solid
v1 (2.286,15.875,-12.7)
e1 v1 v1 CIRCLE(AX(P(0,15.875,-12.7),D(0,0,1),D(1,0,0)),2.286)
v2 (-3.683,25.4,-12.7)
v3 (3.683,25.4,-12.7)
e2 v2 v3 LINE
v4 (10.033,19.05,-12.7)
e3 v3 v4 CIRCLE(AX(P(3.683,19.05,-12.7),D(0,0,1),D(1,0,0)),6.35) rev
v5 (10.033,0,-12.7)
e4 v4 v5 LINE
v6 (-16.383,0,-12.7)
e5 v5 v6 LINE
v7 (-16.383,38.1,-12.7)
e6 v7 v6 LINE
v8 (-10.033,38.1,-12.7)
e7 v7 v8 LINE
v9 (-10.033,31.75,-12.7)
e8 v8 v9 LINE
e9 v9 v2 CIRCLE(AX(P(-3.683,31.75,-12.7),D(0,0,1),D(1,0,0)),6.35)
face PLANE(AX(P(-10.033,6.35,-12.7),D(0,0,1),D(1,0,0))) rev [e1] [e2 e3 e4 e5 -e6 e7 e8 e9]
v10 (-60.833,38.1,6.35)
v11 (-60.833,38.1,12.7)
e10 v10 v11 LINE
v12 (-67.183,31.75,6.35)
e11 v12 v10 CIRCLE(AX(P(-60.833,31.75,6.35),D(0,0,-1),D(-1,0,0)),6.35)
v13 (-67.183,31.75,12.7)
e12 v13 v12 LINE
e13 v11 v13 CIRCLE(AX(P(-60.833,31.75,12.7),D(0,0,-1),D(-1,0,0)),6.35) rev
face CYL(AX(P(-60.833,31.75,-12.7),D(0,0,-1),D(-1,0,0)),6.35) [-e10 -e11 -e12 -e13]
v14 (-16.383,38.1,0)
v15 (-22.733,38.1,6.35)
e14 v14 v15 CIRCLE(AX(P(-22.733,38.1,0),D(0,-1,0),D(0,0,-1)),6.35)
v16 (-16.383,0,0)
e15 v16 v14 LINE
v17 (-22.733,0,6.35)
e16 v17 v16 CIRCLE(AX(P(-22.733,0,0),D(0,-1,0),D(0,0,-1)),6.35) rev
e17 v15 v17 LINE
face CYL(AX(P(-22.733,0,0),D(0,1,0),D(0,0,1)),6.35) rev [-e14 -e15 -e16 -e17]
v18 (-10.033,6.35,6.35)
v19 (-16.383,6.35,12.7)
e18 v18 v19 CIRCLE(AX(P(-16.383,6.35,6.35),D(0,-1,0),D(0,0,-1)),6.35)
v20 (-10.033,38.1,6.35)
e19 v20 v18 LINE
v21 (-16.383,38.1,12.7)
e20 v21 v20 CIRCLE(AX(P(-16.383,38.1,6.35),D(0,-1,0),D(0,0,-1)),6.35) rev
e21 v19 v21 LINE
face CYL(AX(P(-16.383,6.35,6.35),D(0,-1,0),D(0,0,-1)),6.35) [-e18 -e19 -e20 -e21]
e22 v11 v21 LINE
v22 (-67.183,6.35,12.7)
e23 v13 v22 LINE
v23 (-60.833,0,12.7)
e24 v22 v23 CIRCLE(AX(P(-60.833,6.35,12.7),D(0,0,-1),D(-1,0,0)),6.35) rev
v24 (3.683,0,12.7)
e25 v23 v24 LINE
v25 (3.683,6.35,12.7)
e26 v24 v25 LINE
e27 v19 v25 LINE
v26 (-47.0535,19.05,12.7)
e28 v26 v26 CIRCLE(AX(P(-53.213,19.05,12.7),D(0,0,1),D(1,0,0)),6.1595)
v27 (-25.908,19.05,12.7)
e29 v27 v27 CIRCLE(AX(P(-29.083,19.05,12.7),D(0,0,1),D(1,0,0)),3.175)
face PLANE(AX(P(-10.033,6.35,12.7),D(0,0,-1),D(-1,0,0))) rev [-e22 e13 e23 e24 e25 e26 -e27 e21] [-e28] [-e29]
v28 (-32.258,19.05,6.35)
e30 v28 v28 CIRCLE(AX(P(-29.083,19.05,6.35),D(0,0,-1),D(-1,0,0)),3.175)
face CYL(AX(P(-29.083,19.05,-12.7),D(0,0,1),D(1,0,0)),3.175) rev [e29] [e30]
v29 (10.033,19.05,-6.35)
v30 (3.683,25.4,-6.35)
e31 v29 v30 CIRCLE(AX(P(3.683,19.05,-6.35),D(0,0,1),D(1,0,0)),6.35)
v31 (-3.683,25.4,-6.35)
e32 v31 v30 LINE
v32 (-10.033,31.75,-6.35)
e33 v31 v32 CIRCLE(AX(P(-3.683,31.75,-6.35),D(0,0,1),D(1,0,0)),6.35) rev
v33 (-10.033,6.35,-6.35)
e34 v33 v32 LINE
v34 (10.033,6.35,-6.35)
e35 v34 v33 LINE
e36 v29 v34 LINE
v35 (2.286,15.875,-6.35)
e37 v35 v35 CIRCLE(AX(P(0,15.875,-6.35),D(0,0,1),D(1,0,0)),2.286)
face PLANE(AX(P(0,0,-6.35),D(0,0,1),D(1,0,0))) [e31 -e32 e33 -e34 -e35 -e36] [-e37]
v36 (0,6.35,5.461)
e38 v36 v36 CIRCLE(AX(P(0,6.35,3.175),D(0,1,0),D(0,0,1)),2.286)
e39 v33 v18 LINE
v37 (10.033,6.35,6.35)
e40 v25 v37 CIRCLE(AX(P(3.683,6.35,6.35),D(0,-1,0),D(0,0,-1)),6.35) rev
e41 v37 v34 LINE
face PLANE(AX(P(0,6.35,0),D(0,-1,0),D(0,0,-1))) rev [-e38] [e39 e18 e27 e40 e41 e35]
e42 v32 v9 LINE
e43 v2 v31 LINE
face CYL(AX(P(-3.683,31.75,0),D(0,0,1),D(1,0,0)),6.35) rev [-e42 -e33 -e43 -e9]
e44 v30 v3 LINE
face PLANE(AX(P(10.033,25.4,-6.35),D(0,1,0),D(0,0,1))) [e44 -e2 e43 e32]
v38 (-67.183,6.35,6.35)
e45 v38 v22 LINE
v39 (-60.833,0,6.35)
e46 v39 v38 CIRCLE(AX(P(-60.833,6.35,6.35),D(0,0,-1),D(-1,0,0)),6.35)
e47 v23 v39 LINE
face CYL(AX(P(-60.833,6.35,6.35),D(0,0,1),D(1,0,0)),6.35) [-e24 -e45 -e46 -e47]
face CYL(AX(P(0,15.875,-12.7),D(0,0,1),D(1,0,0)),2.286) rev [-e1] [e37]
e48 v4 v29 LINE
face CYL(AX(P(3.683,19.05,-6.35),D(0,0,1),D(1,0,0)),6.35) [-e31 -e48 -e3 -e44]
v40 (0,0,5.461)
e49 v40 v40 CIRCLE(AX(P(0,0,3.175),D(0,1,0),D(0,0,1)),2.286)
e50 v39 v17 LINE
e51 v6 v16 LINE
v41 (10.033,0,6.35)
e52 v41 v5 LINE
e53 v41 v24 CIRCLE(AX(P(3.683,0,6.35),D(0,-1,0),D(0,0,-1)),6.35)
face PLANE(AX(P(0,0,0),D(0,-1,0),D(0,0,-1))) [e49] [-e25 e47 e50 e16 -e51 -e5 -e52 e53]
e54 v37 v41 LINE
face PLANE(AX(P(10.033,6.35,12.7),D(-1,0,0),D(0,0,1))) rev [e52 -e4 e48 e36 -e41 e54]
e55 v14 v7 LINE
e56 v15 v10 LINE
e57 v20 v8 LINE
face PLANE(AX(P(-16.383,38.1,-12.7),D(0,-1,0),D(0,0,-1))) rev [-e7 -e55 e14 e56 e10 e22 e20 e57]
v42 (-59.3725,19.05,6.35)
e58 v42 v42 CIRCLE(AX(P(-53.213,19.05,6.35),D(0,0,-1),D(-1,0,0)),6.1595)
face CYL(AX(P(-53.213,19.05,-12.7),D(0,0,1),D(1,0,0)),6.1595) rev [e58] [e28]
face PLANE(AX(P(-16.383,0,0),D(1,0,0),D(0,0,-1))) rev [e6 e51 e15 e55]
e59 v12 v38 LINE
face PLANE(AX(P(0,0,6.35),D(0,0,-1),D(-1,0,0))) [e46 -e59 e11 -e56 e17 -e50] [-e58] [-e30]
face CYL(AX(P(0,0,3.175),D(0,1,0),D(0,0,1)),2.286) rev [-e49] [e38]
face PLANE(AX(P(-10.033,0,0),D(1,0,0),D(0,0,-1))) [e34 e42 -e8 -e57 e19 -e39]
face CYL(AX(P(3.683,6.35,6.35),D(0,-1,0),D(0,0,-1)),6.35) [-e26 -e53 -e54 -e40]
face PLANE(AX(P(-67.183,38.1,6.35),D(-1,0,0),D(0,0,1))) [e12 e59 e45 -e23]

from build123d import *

# Parameters (mm, degrees)
SKETCH1_W           = 20.066
SKETCH1_H           = 25.4
BOSS_EXTRUDE1_DEPTH = 6.35
SKETCH2_W           = 20.066
SKETCH2_H           = 25.4
BOSS_EXTRUDE2_DEPTH = 6.35
SKETCH3_W           = 25.4
SKETCH3_H           = 38.1
BOSS_EXTRUDE3_DEPTH = 6.35
SKETCH4_W           = 50.8
SKETCH4_H           = 38.1
BOSS_EXTRUDE4_DEPTH = 6.35
SKETCH6_R           = 2.286
CUT_EXTRUDE1_DEPTH  = 7.35
SKETCH7_R           = 2.286
CUT_EXTRUDE2_DEPTH  = 7.35
SKETCH8_R           = 6.1595
SKETCH8_R_2         = 3.175
CUT_EXTRUDE3_DEPTH  = 26.4
FILLET1_R           = 6.35


with BuildPart() as part:
    # Sketch1 → Boss-Extrude1 (new body)
    with BuildSketch(Plane(origin=(0, 0, 0), x_dir=(1, 0, 0), z_dir=(0, 1, 0))):
        Rectangle(SKETCH1_W, SKETCH1_H)
    extrude(amount=BOSS_EXTRUDE1_DEPTH)

    # Sketch2 → Boss-Extrude2 (add)
    with BuildSketch(Plane(origin=(0, 0, -12.7), x_dir=(-1, 0, 0), z_dir=(0, 0, -1))):
        with Locations((0, 12.7)):
            Rectangle(SKETCH2_W, SKETCH2_H)
    extrude(amount=-BOSS_EXTRUDE2_DEPTH)

    # Sketch3 → Boss-Extrude3 (add)
    with BuildSketch(Plane.ZY.offset(10.033)):
        with Locations((0, 19.05)):
            Rectangle(SKETCH3_W, SKETCH3_H)
    extrude(amount=BOSS_EXTRUDE3_DEPTH)

    # Sketch4 → Boss-Extrude4 (add)
    with BuildSketch(Plane.XY.offset(12.7)):
        with Locations((-41.783, 19.05)):
            Rectangle(SKETCH4_W, SKETCH4_H)
    extrude(amount=-BOSS_EXTRUDE4_DEPTH)

    # Sketch6 → Cut-Extrude1 (cut, through all)
    with BuildSketch(Plane.XY.offset(-6.35)):
        with Locations((0, 15.875)):
            Circle(SKETCH6_R)
    extrude(amount=-CUT_EXTRUDE1_DEPTH, mode=Mode.SUBTRACT)

    # Sketch7 → Cut-Extrude2 (cut, through all)
    with BuildSketch(Plane(origin=(0, 6.35, 0), x_dir=(1, 0, 0), z_dir=(0, 1, 0))):
        with Locations((0, -3.175)):
            Circle(SKETCH7_R)
    extrude(amount=-CUT_EXTRUDE2_DEPTH, mode=Mode.SUBTRACT)

    # Sketch8 → Cut-Extrude3 (cut, through all)
    with BuildSketch(Plane.XY.offset(12.7)):
        with Locations((-53.213, 19.05)):
            Circle(SKETCH8_R)
        with Locations((-29.083, 19.05)):
            Circle(SKETCH8_R_2)
    extrude(amount=-CUT_EXTRUDE3_DEPTH, mode=Mode.SUBTRACT)

    # Fillet1
    fillet1_edges = [part.edges().sort_by_distance(p)[0] for p in [
        (-10.033, 25.4, -9.525),
        (10.033, 25.4, -9.525),
        (-10.033, 22.225, 12.7),
        (-16.383, 19.05, 6.35),
        (-67.183, 0, 9.525),
        (-67.183, 38.1, 9.525),
        (10.033, 3.175, 12.7),
    ]]
    fillet(fillet1_edges, radius=FILLET1_R)


solid = part.part
